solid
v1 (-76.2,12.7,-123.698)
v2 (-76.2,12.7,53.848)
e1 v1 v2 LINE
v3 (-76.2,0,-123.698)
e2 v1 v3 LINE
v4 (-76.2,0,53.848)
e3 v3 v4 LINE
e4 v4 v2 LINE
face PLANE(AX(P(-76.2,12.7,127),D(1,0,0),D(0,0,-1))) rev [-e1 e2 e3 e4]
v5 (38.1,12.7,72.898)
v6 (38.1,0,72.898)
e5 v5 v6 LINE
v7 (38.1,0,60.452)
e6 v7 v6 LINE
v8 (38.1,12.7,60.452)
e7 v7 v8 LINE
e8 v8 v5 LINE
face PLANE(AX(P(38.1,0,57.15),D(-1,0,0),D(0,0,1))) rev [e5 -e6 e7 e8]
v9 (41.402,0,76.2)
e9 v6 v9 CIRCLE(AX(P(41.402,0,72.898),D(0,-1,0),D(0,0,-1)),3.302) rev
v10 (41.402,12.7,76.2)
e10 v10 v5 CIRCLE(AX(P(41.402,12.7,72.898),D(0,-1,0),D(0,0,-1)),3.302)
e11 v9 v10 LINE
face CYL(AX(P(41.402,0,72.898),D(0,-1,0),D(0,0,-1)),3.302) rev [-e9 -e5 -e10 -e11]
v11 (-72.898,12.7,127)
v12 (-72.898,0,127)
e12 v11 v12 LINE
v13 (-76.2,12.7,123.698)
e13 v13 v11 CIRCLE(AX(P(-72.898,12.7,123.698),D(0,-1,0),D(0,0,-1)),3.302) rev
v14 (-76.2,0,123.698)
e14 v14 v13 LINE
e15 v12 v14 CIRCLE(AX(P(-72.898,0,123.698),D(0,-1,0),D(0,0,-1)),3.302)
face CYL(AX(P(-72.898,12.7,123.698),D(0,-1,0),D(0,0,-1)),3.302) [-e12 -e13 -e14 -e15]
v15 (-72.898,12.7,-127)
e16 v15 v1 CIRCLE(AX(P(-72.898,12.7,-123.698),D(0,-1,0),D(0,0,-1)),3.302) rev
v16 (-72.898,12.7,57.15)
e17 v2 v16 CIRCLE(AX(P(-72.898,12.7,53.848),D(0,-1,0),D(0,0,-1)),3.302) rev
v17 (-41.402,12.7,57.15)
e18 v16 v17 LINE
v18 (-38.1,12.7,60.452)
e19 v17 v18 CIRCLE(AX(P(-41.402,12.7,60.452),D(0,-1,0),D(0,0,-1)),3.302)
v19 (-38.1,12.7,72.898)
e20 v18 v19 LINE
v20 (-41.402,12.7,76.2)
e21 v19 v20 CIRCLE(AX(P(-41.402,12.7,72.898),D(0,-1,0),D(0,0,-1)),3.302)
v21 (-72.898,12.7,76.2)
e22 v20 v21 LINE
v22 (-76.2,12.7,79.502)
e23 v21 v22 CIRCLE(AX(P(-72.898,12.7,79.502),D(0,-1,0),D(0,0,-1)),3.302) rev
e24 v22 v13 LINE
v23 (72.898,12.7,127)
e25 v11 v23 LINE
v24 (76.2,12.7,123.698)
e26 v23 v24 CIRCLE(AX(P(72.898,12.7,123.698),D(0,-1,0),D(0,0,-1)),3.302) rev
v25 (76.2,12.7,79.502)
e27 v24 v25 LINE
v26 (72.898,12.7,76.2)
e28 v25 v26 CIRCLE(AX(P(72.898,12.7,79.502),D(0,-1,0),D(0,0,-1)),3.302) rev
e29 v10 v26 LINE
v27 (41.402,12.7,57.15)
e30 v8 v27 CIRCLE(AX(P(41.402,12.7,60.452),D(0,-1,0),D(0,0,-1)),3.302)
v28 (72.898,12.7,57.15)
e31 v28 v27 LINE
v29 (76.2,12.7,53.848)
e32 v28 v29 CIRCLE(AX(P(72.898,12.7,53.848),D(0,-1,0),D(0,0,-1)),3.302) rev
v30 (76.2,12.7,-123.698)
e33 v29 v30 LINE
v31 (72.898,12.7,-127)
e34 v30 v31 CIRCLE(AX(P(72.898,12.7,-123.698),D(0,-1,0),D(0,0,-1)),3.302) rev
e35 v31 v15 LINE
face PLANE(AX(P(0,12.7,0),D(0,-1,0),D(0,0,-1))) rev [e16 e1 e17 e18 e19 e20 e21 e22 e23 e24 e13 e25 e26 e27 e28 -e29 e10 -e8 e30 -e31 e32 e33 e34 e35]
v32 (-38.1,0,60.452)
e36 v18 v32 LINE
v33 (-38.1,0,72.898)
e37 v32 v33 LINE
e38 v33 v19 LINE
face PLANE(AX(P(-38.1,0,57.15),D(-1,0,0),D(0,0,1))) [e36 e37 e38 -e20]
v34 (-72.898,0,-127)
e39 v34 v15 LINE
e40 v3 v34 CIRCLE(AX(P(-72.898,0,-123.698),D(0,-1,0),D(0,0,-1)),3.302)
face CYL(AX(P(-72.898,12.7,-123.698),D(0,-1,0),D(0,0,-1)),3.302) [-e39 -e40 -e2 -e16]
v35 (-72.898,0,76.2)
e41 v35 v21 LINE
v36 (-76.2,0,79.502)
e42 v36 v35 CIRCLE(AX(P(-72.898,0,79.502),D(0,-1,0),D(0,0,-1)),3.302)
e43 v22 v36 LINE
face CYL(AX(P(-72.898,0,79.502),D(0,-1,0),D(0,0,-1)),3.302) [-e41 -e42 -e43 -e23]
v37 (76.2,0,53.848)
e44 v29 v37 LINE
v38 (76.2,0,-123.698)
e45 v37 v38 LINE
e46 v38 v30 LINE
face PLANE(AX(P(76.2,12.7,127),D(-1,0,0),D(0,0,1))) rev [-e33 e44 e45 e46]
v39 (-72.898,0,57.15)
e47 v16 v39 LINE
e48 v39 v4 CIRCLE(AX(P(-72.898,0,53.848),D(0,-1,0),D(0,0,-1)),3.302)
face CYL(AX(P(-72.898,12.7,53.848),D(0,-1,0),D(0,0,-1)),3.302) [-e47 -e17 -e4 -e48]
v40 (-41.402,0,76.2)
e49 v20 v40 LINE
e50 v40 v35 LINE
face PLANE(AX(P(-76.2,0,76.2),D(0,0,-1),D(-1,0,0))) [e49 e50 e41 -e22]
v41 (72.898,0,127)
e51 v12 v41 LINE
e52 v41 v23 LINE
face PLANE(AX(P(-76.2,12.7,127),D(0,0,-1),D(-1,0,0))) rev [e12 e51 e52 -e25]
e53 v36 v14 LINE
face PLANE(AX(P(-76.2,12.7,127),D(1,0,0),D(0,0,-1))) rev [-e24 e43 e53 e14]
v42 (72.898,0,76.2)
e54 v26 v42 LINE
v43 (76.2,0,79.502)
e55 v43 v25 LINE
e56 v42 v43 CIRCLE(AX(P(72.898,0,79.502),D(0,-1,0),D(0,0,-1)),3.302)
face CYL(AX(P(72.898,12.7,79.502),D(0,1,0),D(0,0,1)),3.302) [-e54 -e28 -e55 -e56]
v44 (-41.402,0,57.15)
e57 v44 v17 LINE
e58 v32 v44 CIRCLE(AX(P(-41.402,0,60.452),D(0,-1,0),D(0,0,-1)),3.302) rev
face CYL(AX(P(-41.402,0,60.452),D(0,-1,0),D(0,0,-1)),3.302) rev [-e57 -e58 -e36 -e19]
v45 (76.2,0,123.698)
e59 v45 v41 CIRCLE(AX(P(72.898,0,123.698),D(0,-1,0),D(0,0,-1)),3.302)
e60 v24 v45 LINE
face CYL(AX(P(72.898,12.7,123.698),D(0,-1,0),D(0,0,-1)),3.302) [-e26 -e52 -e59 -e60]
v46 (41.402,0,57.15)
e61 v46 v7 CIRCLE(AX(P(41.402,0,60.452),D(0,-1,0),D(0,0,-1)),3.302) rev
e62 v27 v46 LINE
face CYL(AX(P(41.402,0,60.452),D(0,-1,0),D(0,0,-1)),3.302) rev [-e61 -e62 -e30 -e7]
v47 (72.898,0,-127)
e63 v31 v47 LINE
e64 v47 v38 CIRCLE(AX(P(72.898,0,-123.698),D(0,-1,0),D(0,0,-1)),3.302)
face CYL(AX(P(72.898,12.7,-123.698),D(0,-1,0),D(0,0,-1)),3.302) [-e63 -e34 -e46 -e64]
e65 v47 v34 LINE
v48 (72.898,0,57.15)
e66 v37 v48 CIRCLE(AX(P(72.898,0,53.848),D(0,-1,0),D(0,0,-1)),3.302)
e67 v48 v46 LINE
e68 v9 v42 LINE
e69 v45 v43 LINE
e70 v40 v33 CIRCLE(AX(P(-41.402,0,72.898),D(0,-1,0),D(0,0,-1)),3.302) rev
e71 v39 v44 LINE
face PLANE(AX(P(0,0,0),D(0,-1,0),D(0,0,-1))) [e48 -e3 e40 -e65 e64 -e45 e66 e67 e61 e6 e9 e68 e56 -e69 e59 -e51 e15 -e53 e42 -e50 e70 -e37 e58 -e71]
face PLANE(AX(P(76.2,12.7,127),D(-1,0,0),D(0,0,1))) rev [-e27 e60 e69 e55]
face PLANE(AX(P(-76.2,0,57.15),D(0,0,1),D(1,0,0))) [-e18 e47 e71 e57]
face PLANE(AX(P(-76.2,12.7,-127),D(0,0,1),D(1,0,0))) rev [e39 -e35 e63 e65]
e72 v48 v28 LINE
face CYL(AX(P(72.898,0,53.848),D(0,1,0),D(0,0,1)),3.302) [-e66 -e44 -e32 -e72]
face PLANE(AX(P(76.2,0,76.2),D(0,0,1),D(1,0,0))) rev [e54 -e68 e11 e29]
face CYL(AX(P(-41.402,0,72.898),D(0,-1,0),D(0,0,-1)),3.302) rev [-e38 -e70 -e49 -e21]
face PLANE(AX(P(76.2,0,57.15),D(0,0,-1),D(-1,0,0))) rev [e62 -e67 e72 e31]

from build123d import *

# Parameters (mm, degrees)
SKETCH1_W            = 152.4
SKETCH1_H            = 254
BOSS_EXTRUDE1_DEPTH  = 12.7
SKETCH2_W            = 38.1
SKETCH2_H            = 19.05
CUT_EXTRUDE1_DEPTH   = 149.649688866
FILLET1_R            = 3.302
FILLET1_OF_MIRROR1_R = 3.302
FILLET2_R            = 3.302


with BuildPart() as part:
    # Sketch1 → Boss-Extrude1 (new body)
    with BuildSketch(Plane(origin=(0, 0, 0), x_dir=(1, 0, 0), z_dir=(0, 1, 0))):
        Rectangle(SKETCH1_W, SKETCH1_H)
    extrude(amount=BOSS_EXTRUDE1_DEPTH)

    # Sketch2 → Cut-Extrude1 (cut, through all)
    with BuildSketch(Plane(origin=(0, 12.7, 0), x_dir=(1, 0, 0), z_dir=(0, 1, 0))):
        with Locations((57.15, -66.675)):
            Rectangle(SKETCH2_W, SKETCH2_H)
    cut_extrude1 = extrude(amount=-CUT_EXTRUDE1_DEPTH, mode=Mode.SUBTRACT)

    # Fillet1
    fillet1_edges = [part.edges().sort_by_distance(p)[0] for p in [
        (38.1, 6.35, 76.2),
        (38.1, 6.35, 57.15),
    ]]
    fillet(fillet1_edges, radius=FILLET1_R)

    # Mirror1: Cut-Extrude1 across plane
    add(cut_extrude1.mirror(Plane(origin=(0, 0, 0), x_dir=(0, 0, 1), z_dir=(1, 0, 0))), mode=Mode.SUBTRACT)

    # Fillet1 of Mirror1
    fillet1_of_mirror1_edges = [part.edges().sort_by_distance(p)[0] for p in [
        (-38.1, 6.35, 76.2),
        (-38.1, 6.35, 57.15),
    ]]
    fillet(fillet1_of_mirror1_edges, radius=FILLET1_OF_MIRROR1_R)

    # Fillet2
    fillet2_edges = [part.edges().sort_by_distance(p)[0] for p in [
        (76.2, 6.35, 57.15),
        (76.2, 6.35, 76.2),
        (-76.2, 6.35, 76.2),
        (-76.2, 6.35, 57.15),
        (76.2, 6.35, 127),
        (-76.2, 6.35, 127),
        (-76.2, 6.35, -127),
        (76.2, 6.35, -127),
    ]]
    fillet(fillet2_edges, radius=FILLET2_R)


solid = part.part
